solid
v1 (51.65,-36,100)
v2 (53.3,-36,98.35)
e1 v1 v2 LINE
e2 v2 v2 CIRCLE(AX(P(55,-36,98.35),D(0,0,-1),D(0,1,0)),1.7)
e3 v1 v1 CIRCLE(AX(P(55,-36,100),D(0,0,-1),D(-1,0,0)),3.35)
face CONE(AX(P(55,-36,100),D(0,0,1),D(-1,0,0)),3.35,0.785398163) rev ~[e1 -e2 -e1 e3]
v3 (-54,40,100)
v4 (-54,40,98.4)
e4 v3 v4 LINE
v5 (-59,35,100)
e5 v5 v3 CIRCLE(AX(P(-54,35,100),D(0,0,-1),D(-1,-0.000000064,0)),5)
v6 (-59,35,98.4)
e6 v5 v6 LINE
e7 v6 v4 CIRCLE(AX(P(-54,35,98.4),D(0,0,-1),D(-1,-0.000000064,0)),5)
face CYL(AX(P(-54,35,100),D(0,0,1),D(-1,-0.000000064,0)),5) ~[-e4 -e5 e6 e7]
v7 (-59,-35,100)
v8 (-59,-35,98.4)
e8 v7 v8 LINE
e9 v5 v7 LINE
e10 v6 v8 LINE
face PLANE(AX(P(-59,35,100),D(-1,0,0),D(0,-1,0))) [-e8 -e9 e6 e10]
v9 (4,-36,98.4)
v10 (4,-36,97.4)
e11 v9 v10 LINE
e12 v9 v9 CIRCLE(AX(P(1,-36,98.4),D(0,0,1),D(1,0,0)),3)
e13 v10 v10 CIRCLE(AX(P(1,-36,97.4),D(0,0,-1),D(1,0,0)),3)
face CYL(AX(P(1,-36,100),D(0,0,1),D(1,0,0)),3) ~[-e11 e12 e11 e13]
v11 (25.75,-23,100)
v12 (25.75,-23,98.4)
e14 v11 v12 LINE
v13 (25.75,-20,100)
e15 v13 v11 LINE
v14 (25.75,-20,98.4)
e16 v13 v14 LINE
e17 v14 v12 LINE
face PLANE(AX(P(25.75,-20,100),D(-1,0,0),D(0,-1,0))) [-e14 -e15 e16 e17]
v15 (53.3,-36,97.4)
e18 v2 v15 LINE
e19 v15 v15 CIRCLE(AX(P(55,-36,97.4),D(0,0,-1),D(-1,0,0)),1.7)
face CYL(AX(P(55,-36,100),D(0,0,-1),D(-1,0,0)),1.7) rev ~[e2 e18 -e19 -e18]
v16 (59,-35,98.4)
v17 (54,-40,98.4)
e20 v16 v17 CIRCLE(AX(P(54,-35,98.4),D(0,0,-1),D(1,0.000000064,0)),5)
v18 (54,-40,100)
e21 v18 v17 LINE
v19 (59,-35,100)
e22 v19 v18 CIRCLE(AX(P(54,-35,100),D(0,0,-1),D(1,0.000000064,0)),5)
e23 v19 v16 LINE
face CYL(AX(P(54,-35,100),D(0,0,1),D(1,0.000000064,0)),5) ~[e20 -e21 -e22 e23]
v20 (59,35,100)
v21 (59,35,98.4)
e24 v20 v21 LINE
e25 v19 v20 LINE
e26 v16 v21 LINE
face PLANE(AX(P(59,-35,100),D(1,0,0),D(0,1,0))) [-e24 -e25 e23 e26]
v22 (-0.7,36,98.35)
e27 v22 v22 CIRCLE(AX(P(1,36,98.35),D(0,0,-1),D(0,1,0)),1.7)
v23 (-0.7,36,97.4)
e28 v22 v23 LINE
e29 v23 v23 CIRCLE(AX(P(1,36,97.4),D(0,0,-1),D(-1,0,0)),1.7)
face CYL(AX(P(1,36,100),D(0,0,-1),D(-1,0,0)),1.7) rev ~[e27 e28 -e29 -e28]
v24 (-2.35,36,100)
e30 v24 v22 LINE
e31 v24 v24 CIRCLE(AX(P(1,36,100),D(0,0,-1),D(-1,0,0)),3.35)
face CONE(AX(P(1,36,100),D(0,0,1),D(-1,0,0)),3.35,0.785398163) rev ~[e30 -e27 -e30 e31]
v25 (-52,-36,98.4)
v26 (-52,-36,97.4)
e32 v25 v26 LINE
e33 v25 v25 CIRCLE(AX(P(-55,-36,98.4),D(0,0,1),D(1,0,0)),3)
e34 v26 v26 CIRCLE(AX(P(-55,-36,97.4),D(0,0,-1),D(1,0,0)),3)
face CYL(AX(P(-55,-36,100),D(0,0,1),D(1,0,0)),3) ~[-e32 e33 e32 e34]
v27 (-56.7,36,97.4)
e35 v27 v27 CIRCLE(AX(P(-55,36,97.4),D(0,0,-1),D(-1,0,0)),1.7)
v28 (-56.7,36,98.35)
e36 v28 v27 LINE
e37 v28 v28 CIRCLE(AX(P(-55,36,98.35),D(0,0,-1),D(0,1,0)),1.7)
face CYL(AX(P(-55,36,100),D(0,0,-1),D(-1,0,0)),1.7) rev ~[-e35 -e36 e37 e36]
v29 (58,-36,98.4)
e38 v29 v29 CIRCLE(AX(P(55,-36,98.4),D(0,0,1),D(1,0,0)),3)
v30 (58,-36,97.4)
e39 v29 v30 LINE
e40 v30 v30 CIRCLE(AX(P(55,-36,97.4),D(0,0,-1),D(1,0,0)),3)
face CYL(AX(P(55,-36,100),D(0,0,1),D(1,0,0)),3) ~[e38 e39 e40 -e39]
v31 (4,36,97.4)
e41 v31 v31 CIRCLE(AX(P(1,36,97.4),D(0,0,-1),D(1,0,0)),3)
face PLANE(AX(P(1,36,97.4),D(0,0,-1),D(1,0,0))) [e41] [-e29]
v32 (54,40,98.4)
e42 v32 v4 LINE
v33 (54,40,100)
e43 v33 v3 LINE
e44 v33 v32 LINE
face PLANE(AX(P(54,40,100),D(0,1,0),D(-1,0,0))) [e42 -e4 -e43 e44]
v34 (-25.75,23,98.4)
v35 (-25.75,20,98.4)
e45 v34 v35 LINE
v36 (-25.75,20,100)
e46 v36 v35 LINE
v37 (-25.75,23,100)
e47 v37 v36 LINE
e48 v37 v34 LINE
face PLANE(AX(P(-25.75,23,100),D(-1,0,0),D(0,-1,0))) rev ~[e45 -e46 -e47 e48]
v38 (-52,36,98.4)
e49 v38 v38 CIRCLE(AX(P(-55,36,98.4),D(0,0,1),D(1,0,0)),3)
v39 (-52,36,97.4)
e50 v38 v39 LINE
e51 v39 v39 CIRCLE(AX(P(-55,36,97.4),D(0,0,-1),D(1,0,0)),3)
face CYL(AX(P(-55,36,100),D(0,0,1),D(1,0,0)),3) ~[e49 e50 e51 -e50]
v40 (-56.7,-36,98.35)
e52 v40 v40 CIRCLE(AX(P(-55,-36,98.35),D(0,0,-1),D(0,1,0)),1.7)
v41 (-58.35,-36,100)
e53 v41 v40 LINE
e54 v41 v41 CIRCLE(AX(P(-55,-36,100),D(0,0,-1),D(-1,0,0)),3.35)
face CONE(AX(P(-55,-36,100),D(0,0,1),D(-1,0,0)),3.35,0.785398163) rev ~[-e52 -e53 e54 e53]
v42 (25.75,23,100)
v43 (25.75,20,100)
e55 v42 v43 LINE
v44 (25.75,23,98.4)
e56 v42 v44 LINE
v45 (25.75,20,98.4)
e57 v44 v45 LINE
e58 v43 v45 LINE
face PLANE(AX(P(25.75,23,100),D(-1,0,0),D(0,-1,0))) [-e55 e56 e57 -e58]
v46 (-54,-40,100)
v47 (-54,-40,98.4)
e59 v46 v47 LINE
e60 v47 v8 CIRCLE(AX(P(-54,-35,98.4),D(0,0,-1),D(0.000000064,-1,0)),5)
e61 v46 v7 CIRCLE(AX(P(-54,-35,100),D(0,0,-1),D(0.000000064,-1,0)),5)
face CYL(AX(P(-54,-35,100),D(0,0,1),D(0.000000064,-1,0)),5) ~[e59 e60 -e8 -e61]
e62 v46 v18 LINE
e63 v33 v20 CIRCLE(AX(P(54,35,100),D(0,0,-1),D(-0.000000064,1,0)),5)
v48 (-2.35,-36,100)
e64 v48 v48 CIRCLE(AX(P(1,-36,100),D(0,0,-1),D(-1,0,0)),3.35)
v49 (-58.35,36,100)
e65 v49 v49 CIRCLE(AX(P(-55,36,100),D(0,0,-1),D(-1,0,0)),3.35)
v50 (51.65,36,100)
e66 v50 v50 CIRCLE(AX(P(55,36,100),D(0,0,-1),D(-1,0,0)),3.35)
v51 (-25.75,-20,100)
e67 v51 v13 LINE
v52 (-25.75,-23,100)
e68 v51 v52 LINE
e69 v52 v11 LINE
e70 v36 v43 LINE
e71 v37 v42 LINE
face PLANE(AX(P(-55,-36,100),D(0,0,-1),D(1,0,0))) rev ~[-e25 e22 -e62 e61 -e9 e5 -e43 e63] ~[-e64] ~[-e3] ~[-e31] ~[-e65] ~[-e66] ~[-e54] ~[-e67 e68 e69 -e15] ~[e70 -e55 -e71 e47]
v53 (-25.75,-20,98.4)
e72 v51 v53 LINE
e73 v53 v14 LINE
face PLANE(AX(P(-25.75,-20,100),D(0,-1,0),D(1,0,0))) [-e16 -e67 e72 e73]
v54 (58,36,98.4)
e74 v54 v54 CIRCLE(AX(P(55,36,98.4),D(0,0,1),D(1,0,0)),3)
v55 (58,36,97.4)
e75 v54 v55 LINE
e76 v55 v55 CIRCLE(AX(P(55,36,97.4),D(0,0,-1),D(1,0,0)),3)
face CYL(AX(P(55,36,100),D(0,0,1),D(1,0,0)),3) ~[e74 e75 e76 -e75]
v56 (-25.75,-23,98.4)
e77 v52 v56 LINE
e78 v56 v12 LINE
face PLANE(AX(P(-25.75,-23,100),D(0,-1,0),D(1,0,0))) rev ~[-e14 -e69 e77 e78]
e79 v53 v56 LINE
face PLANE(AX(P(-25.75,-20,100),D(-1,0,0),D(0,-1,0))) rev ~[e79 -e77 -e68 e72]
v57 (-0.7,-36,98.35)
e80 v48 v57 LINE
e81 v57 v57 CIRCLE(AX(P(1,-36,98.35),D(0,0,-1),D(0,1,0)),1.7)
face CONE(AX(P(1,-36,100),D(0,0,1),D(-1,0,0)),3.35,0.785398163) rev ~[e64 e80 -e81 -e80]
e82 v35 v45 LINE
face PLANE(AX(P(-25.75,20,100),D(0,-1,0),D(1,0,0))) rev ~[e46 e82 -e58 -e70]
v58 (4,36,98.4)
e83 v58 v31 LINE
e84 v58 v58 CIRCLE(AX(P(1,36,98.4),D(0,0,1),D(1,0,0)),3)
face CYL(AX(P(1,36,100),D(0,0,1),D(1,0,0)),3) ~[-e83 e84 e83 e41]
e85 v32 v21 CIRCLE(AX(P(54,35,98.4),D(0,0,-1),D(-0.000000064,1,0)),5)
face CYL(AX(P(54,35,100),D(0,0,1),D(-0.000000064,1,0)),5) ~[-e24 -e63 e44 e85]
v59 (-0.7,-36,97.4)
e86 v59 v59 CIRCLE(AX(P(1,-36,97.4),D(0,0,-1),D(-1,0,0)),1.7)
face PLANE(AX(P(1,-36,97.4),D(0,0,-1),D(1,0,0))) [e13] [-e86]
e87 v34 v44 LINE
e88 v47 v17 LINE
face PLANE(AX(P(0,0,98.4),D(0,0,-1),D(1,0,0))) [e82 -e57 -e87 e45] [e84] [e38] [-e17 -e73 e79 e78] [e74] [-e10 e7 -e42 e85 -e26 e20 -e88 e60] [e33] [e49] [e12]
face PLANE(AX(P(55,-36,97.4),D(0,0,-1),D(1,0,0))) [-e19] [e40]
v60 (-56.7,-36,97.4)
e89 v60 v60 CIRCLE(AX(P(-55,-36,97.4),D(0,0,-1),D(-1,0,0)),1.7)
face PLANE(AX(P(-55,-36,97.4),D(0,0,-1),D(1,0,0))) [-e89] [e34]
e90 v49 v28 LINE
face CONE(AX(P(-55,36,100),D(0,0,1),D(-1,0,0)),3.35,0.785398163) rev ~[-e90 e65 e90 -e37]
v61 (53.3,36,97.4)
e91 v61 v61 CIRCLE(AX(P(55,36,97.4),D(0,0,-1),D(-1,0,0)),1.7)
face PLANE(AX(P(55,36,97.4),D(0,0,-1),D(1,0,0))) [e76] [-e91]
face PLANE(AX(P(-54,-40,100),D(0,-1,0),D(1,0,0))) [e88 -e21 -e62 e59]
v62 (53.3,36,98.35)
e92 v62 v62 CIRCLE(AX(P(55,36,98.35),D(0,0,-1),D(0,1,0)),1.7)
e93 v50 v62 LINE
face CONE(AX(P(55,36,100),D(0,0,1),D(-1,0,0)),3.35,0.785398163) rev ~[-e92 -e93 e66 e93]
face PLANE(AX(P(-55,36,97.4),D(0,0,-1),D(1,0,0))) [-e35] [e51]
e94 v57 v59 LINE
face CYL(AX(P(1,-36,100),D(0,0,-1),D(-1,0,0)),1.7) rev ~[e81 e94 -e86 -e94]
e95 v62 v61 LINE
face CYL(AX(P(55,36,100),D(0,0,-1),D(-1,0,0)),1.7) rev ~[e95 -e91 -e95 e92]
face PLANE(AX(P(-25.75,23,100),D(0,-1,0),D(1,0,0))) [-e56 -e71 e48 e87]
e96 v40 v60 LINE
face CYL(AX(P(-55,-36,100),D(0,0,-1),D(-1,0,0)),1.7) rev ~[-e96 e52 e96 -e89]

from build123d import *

# Parameters (mm, degrees)
SKETCH021_W             = 51.5
SKETCH021_H             = 3
PAD014_DEPTH            = 1.6
SKETCH022_R             = 3
PAD015_DEPTH            = 2.6
HOLE_D                  = 3.4
HOLE_DEPTH              = 25
HOLE_CSINK_D            = 6.7
HOLE_CSINK_ANGLE        = 90
BODY005_PLACEMENT_ANGLE = 180


with BuildPart() as part:
    # Sketch021 → Pad014 (new body)
    with BuildSketch(Plane.XY):
        with BuildLine():
            ThreePointArc((-54, 40), (-57.535534, 38.535534), (-59, 35))
            Line((-59, -35), (-59, 35))
            ThreePointArc((-59, -35), (-57.535534, -38.535534), (-54, -40))
            Line((54, -40), (-54, -40))
            ThreePointArc((54, -40), (57.535534, -38.535534), (59, -35))
            Line((59, 35), (59, -35))
            ThreePointArc((59, 35), (57.535534, 38.535534), (54, 40))
            Line((-54, 40), (54, 40))
        make_face()
        with Locations((0, 21.5)):
            Rectangle(SKETCH021_W, SKETCH021_H, mode=Mode.SUBTRACT)
        with Locations((0, -21.5)):
            Rectangle(SKETCH021_W, SKETCH021_H, mode=Mode.SUBTRACT)
    extrude(amount=PAD014_DEPTH)

    # Sketch022 → Pad015 (join)
    with BuildSketch(Plane.XY):
        with Locations((-55, 36)):
            Circle(SKETCH022_R)
        with Locations((1, 36)):
            Circle(SKETCH022_R)
        with Locations((55, 36)):
            Circle(SKETCH022_R)
        with Locations((55, -36)):
            Circle(SKETCH022_R)
        with Locations((1, -36)):
            Circle(SKETCH022_R)
        with Locations((-55, -36)):
            Circle(SKETCH022_R)
    extrude(amount=PAD015_DEPTH)

    # Hole
    with Locations(Plane(origin=(0, 0, 0), x_dir=(1, 0, 0), z_dir=(0, 0, -1))):
        with Locations((-55, -36), (1, -36), (55, -36), (55, 36), (1, 36), (-55, 36)):
            CounterSinkHole(HOLE_D / 2, HOLE_CSINK_D / 2, depth=HOLE_DEPTH, counter_sink_angle=HOLE_CSINK_ANGLE)


with BuildPart() as part_1:
    # Body005 placement: moved
    add(part.part.moved(Location((0, 0, 100))).rotate(Axis((0, 0, 100), (1, 0, 0)), BODY005_PLACEMENT_ANGLE))


solid = part_1.part
